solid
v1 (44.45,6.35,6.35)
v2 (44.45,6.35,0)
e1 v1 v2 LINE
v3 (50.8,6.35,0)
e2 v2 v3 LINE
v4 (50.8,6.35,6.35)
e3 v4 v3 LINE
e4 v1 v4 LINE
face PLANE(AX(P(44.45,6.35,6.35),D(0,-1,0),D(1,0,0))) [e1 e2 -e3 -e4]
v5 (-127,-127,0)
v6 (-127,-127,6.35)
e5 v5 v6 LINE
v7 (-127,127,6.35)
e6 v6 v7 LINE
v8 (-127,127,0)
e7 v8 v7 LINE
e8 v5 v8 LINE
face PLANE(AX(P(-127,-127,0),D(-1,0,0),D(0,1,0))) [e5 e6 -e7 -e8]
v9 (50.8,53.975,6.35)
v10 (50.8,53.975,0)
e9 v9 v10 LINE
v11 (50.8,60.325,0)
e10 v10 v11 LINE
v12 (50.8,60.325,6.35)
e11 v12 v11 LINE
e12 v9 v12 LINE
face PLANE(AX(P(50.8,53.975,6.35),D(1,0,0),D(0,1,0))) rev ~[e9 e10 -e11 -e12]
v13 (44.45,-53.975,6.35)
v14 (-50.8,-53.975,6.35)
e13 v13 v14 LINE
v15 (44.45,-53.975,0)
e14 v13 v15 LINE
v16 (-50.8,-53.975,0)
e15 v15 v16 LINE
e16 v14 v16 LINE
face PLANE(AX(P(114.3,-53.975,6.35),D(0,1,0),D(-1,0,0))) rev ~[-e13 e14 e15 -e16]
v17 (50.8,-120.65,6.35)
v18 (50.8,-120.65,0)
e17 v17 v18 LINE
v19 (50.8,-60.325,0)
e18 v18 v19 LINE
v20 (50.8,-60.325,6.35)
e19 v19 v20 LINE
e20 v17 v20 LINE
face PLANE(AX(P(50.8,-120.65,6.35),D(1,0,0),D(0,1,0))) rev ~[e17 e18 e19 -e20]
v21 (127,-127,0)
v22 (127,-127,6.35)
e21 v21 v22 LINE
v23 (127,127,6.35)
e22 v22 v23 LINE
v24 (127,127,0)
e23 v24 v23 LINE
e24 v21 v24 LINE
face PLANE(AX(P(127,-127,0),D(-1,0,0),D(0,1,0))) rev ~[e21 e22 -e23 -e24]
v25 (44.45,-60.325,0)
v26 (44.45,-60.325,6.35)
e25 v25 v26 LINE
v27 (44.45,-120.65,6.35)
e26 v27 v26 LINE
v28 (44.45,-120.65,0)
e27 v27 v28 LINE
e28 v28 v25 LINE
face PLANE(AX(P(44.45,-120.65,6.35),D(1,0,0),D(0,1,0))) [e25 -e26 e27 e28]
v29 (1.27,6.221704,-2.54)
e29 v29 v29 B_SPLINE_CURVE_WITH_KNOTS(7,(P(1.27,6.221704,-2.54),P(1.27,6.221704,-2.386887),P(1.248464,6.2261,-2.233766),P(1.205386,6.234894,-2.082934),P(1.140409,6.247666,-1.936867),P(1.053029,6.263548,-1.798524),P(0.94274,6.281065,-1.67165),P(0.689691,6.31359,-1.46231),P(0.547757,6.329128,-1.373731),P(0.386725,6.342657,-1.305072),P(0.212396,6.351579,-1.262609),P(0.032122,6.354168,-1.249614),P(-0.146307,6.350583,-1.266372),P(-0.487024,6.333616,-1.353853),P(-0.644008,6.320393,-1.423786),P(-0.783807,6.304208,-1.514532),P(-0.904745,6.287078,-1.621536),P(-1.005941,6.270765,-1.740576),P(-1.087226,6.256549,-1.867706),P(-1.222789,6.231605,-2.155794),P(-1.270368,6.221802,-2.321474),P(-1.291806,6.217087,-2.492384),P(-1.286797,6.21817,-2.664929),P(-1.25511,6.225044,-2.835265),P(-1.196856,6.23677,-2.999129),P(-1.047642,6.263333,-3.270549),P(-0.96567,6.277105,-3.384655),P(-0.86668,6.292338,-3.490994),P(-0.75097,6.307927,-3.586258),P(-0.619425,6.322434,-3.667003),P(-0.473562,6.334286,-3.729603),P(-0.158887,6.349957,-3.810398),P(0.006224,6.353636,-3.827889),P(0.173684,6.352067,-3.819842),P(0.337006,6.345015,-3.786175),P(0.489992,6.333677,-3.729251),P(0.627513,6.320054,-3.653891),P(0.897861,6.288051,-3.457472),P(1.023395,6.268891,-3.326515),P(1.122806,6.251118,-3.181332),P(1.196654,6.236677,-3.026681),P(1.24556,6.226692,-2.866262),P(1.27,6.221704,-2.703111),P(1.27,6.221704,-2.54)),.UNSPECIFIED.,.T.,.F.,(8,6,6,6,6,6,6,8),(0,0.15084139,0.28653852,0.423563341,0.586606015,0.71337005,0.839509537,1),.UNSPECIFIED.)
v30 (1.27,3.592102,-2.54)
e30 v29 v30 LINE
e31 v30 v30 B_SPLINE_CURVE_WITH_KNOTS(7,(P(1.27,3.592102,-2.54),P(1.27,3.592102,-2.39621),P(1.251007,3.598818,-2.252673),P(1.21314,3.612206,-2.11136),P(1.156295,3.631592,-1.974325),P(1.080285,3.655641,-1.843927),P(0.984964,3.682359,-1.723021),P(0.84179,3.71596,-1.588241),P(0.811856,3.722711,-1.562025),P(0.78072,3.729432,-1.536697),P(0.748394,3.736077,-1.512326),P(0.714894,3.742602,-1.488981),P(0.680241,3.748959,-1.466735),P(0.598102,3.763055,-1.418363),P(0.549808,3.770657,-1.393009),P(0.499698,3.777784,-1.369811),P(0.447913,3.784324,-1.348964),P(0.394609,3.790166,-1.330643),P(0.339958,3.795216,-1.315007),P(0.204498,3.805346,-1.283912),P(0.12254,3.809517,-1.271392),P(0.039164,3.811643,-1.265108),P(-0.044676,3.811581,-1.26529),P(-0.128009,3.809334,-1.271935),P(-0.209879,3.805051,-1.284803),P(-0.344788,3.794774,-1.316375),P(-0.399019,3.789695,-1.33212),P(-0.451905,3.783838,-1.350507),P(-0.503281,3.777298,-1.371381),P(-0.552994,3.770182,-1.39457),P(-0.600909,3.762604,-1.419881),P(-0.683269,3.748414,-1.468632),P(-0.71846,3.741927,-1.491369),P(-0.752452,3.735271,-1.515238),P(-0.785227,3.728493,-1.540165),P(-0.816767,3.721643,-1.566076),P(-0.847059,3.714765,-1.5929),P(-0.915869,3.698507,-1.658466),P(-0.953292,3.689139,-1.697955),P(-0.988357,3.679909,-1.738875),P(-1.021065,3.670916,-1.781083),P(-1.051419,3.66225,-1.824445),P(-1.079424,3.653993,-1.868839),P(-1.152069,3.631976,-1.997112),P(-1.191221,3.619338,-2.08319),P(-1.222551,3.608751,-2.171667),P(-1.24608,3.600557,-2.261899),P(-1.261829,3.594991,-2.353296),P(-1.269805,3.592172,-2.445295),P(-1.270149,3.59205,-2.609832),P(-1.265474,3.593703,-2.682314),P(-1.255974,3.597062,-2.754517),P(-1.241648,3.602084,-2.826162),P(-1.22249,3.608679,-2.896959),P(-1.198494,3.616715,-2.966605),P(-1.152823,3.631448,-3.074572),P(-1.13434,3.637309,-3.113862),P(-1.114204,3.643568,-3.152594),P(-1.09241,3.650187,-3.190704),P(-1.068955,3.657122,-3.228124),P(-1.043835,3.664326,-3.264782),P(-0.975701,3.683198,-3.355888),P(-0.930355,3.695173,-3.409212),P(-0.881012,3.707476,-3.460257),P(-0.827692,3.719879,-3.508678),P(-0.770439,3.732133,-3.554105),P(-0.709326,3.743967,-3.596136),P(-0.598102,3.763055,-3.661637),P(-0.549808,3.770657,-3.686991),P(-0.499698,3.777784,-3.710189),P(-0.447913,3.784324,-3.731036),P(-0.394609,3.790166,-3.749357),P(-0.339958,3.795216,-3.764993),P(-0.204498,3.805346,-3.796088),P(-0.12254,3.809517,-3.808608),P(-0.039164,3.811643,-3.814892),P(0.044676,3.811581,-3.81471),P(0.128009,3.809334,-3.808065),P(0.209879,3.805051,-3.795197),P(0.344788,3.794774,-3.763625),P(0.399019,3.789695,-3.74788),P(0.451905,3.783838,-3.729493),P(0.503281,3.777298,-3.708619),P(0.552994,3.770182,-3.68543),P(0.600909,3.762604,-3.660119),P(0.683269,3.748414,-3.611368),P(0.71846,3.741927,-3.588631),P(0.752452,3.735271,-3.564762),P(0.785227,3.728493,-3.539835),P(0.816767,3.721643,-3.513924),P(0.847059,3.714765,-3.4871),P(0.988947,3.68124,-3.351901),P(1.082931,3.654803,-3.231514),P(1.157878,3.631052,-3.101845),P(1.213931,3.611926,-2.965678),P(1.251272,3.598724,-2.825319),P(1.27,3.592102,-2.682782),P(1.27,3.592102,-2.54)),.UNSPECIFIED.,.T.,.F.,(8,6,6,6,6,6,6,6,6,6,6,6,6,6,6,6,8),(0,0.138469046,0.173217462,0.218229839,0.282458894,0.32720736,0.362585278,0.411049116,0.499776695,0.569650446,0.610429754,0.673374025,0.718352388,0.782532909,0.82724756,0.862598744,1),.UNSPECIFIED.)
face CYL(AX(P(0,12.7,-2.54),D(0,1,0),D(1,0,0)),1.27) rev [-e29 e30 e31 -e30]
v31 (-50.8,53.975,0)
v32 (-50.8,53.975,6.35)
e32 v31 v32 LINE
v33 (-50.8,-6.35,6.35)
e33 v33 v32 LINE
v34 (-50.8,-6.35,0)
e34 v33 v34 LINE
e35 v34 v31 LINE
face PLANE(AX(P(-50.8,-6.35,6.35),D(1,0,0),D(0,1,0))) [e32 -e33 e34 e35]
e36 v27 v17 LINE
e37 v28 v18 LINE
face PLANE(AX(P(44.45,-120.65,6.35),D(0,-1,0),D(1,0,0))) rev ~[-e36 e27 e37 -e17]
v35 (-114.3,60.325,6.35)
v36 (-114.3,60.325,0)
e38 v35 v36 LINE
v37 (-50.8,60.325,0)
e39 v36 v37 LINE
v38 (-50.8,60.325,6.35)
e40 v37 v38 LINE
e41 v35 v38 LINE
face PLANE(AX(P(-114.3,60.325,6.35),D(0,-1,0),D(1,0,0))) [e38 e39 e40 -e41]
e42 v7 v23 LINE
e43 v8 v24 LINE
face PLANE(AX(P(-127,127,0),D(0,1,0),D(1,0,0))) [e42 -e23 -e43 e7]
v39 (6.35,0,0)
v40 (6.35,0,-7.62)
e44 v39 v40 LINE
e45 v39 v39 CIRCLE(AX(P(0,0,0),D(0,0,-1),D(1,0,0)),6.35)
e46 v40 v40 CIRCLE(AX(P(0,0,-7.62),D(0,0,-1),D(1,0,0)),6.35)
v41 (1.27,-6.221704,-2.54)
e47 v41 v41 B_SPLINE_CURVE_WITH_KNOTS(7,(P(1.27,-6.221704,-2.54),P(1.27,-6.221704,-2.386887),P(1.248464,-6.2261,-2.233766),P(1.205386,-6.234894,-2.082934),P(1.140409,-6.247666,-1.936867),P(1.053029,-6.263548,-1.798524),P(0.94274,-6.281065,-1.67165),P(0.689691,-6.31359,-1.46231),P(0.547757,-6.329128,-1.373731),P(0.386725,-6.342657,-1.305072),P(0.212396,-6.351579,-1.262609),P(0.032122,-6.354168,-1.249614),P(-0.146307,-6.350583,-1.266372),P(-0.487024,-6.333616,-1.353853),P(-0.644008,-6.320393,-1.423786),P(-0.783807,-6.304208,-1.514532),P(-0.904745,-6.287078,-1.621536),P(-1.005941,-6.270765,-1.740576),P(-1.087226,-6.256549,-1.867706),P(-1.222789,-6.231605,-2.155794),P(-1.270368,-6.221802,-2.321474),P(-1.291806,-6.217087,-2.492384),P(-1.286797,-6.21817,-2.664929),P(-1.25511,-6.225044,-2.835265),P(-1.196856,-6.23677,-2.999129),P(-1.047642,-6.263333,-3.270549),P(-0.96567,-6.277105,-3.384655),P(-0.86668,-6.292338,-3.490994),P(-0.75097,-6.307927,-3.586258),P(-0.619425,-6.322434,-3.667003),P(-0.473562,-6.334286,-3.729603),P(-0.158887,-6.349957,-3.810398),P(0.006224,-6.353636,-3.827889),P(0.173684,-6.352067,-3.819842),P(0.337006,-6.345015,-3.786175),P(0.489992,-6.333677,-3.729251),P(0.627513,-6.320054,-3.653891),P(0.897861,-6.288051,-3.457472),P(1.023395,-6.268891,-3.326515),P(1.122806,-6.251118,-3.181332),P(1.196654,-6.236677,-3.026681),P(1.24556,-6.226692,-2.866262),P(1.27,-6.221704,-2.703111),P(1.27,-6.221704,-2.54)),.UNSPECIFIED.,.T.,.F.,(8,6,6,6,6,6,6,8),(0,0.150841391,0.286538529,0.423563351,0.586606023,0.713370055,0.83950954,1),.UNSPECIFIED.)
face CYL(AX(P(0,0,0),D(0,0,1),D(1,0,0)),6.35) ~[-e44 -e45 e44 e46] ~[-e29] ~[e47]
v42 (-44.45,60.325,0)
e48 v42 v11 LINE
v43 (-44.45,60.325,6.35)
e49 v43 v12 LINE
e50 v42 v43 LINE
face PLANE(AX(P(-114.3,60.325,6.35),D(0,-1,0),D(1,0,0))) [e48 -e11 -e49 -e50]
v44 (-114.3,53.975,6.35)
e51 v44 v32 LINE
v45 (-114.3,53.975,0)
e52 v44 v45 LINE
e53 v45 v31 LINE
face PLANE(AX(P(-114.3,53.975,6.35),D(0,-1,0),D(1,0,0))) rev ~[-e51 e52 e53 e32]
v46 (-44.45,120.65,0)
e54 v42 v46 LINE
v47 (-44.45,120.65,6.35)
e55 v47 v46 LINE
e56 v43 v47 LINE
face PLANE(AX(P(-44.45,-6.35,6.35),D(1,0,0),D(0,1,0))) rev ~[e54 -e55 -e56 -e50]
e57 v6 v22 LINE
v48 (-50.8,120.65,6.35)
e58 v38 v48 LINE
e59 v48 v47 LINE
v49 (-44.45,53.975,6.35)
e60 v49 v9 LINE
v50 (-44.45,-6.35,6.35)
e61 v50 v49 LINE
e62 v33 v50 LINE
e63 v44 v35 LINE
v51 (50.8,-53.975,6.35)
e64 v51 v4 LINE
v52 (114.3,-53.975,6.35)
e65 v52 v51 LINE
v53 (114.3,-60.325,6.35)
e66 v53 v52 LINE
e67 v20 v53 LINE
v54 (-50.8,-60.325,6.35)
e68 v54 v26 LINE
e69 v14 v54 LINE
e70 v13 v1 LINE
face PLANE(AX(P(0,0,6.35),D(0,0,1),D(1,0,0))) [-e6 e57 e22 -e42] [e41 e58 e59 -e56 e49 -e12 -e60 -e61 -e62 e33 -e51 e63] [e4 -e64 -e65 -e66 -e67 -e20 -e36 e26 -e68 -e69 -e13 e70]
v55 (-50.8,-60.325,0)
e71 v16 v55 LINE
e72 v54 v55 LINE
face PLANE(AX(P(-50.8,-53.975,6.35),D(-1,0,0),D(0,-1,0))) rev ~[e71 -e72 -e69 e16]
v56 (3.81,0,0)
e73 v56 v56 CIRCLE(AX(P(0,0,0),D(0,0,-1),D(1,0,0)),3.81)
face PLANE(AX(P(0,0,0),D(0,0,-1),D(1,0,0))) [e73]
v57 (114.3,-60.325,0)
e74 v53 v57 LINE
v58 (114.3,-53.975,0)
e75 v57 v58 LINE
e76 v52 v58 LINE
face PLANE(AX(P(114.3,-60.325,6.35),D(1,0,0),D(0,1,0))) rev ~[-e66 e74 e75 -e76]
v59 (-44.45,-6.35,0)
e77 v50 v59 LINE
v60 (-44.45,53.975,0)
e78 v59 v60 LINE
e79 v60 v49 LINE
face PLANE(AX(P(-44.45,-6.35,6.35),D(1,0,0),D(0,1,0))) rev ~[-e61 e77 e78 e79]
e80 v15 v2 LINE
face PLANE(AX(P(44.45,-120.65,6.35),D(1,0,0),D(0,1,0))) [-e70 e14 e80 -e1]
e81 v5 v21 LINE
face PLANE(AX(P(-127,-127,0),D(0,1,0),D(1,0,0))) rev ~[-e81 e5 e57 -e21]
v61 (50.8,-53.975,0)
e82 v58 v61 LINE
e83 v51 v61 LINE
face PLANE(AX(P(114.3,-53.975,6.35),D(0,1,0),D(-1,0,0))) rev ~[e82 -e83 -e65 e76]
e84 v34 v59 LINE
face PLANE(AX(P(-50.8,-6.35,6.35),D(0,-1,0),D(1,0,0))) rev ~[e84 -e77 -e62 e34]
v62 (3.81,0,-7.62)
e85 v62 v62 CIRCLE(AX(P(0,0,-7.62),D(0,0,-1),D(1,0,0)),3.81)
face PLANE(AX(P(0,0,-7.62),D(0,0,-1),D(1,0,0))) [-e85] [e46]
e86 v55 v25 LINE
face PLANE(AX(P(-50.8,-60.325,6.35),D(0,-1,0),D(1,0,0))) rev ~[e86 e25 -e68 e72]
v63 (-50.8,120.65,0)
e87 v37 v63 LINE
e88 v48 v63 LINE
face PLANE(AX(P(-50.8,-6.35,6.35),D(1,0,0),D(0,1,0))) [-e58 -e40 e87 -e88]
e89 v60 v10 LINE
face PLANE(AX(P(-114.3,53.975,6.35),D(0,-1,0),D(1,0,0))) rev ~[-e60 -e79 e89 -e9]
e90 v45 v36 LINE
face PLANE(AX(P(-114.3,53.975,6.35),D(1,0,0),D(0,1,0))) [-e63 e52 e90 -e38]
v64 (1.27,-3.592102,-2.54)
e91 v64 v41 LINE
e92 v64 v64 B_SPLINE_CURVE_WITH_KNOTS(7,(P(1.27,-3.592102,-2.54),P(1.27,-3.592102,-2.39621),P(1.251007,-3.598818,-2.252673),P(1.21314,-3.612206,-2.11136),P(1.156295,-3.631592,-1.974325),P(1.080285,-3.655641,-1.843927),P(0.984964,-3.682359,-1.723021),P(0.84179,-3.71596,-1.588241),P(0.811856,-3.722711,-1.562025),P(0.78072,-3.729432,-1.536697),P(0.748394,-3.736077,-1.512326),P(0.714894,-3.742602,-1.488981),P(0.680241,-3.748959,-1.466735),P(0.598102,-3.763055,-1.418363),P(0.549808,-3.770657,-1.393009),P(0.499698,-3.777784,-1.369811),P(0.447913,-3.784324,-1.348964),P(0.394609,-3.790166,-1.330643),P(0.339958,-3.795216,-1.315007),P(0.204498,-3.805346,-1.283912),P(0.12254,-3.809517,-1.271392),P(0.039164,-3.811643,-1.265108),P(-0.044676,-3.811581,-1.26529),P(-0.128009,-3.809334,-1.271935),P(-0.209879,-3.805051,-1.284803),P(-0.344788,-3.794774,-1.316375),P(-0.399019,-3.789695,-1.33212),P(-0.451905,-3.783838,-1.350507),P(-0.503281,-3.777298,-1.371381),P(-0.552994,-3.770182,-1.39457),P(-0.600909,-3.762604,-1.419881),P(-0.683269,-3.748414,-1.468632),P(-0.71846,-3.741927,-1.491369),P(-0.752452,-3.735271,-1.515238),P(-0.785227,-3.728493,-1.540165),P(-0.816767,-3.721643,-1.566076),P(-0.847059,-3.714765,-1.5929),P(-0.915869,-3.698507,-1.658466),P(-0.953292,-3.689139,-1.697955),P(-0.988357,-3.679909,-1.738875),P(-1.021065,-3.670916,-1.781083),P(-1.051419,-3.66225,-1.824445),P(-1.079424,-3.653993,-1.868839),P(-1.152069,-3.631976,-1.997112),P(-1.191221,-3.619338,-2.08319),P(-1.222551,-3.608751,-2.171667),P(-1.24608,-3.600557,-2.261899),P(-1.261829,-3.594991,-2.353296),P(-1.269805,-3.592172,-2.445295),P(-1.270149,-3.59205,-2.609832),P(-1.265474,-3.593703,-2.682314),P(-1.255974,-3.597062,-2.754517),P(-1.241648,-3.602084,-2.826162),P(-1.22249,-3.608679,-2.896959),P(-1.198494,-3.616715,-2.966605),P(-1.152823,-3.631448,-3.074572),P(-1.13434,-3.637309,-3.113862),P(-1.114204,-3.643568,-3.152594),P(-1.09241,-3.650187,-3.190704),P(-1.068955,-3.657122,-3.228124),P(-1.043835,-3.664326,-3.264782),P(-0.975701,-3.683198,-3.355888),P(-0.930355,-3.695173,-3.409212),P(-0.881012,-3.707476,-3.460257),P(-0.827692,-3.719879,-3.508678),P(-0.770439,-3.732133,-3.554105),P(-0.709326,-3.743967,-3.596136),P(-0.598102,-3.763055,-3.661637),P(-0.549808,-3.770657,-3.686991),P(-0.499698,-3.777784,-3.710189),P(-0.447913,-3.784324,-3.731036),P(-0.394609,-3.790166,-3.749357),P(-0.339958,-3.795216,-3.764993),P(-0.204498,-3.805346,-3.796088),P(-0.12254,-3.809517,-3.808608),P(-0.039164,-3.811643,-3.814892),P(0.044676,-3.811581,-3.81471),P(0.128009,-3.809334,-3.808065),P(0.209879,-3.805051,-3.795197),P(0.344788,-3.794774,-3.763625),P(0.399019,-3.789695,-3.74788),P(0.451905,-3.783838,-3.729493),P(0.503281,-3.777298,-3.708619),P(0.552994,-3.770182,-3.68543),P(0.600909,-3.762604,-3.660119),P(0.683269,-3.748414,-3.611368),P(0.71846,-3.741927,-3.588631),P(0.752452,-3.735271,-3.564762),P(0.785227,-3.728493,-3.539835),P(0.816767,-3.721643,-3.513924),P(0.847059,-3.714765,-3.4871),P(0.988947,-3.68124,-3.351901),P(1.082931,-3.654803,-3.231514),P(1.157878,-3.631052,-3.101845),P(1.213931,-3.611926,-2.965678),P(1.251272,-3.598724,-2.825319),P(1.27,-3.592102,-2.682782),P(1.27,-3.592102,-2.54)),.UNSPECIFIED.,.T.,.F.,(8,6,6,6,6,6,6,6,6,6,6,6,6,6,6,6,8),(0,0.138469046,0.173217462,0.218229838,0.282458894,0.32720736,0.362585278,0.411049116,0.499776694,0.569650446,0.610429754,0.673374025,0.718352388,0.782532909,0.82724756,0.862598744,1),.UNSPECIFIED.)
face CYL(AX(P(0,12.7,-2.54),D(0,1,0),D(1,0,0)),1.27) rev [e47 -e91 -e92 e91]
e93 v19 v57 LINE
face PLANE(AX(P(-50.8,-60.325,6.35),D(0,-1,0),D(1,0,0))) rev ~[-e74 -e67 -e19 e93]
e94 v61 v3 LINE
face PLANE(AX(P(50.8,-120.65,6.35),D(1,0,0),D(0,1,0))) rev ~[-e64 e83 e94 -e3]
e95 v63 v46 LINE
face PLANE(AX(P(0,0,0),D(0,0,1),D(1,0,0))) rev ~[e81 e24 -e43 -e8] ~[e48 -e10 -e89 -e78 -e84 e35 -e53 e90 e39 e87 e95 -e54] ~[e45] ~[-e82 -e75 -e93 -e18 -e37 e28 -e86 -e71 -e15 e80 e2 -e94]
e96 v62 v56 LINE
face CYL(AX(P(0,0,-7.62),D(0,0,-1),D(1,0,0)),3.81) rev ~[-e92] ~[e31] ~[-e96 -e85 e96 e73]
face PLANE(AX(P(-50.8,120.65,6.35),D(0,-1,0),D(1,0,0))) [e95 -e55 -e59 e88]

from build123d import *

# Parameters (mm, degrees)
F0_W      = 254
F0_H      = 254
F1_DEPTH  = 6.35
F4_DEPTH  = 25.4
F5_W      = 6.35
F5_H      = 127
F6_DEPTH  = 25.4
F7_W      = 165.1
F7_H      = 6.35
F8_DEPTH  = 25.4
F9_R      = 6.35
F10_DEPTH = 7.62
F11_R     = 3.81
F14_DEPTH = 7.62
F13_R     = 1.27
F15_DEPTH = 25.4
F2_W      = 6.35
F2_H      = 127
F16_DEPTH = 25.4


with BuildPart() as f1:
    # F0 (on Top) → F1 (new body)
    with BuildSketch(Plane.XY):
        Rectangle(F0_W, F0_H)
    extrude(amount=F1_DEPTH)

    # F3 (on face) → F4 (cut)
    with BuildSketch(Plane.XY.offset(6.35)):
        Polygon((114.3, -53.975), (-50.8, -53.975), (-50.8, -60.325), (114.3, -60.325), (114.3, -57.15), (114.3, -56.917642), align=None)
    extrude(amount=-F4_DEPTH, mode=Mode.SUBTRACT)

    # F5 (on face) → F6 (cut)
    with BuildSketch(Plane.XY.offset(6.35)):
        with Locations((47.625, -57.15)):
            Rectangle(F5_W, F5_H)
    extrude(amount=-F6_DEPTH, mode=Mode.SUBTRACT)

    # F7 (on face) → F8 (cut)
    with BuildSketch(Plane.XY.offset(6.35)):
        with Locations((-31.75, 57.15)):
            Rectangle(F7_W, F7_H)
    extrude(amount=-F8_DEPTH, mode=Mode.SUBTRACT)

    # F9 (on face) → F10 (join)
    with BuildSketch(Plane(origin=(0, 0, 0), x_dir=(1, 0, 0), z_dir=(0, 0, -1))):
        Circle(F9_R)
    extrude(amount=F10_DEPTH)

    # F11 (on face) → F14 (cut)
    with BuildSketch(Plane(origin=(0, 0, -7.62), x_dir=(1, 0, 0), z_dir=(0, 0, -1))):
        Circle(F11_R)
    extrude(amount=-F14_DEPTH, mode=Mode.SUBTRACT)

    # F13 (on offset) → F15 (cut)
    with BuildSketch(Plane.XZ.offset(-12.7)):
        with Locations((0, -2.54)):
            Circle(F13_R)
    extrude(amount=F15_DEPTH, mode=Mode.SUBTRACT)

    # F2 (on face) → F16 (cut)
    with BuildSketch(Plane.XY.offset(6.35)):
        with Locations((-47.625, 57.15)):
            Rectangle(F2_W, F2_H)
    extrude(amount=-F16_DEPTH, mode=Mode.SUBTRACT)


solid = f1.part
